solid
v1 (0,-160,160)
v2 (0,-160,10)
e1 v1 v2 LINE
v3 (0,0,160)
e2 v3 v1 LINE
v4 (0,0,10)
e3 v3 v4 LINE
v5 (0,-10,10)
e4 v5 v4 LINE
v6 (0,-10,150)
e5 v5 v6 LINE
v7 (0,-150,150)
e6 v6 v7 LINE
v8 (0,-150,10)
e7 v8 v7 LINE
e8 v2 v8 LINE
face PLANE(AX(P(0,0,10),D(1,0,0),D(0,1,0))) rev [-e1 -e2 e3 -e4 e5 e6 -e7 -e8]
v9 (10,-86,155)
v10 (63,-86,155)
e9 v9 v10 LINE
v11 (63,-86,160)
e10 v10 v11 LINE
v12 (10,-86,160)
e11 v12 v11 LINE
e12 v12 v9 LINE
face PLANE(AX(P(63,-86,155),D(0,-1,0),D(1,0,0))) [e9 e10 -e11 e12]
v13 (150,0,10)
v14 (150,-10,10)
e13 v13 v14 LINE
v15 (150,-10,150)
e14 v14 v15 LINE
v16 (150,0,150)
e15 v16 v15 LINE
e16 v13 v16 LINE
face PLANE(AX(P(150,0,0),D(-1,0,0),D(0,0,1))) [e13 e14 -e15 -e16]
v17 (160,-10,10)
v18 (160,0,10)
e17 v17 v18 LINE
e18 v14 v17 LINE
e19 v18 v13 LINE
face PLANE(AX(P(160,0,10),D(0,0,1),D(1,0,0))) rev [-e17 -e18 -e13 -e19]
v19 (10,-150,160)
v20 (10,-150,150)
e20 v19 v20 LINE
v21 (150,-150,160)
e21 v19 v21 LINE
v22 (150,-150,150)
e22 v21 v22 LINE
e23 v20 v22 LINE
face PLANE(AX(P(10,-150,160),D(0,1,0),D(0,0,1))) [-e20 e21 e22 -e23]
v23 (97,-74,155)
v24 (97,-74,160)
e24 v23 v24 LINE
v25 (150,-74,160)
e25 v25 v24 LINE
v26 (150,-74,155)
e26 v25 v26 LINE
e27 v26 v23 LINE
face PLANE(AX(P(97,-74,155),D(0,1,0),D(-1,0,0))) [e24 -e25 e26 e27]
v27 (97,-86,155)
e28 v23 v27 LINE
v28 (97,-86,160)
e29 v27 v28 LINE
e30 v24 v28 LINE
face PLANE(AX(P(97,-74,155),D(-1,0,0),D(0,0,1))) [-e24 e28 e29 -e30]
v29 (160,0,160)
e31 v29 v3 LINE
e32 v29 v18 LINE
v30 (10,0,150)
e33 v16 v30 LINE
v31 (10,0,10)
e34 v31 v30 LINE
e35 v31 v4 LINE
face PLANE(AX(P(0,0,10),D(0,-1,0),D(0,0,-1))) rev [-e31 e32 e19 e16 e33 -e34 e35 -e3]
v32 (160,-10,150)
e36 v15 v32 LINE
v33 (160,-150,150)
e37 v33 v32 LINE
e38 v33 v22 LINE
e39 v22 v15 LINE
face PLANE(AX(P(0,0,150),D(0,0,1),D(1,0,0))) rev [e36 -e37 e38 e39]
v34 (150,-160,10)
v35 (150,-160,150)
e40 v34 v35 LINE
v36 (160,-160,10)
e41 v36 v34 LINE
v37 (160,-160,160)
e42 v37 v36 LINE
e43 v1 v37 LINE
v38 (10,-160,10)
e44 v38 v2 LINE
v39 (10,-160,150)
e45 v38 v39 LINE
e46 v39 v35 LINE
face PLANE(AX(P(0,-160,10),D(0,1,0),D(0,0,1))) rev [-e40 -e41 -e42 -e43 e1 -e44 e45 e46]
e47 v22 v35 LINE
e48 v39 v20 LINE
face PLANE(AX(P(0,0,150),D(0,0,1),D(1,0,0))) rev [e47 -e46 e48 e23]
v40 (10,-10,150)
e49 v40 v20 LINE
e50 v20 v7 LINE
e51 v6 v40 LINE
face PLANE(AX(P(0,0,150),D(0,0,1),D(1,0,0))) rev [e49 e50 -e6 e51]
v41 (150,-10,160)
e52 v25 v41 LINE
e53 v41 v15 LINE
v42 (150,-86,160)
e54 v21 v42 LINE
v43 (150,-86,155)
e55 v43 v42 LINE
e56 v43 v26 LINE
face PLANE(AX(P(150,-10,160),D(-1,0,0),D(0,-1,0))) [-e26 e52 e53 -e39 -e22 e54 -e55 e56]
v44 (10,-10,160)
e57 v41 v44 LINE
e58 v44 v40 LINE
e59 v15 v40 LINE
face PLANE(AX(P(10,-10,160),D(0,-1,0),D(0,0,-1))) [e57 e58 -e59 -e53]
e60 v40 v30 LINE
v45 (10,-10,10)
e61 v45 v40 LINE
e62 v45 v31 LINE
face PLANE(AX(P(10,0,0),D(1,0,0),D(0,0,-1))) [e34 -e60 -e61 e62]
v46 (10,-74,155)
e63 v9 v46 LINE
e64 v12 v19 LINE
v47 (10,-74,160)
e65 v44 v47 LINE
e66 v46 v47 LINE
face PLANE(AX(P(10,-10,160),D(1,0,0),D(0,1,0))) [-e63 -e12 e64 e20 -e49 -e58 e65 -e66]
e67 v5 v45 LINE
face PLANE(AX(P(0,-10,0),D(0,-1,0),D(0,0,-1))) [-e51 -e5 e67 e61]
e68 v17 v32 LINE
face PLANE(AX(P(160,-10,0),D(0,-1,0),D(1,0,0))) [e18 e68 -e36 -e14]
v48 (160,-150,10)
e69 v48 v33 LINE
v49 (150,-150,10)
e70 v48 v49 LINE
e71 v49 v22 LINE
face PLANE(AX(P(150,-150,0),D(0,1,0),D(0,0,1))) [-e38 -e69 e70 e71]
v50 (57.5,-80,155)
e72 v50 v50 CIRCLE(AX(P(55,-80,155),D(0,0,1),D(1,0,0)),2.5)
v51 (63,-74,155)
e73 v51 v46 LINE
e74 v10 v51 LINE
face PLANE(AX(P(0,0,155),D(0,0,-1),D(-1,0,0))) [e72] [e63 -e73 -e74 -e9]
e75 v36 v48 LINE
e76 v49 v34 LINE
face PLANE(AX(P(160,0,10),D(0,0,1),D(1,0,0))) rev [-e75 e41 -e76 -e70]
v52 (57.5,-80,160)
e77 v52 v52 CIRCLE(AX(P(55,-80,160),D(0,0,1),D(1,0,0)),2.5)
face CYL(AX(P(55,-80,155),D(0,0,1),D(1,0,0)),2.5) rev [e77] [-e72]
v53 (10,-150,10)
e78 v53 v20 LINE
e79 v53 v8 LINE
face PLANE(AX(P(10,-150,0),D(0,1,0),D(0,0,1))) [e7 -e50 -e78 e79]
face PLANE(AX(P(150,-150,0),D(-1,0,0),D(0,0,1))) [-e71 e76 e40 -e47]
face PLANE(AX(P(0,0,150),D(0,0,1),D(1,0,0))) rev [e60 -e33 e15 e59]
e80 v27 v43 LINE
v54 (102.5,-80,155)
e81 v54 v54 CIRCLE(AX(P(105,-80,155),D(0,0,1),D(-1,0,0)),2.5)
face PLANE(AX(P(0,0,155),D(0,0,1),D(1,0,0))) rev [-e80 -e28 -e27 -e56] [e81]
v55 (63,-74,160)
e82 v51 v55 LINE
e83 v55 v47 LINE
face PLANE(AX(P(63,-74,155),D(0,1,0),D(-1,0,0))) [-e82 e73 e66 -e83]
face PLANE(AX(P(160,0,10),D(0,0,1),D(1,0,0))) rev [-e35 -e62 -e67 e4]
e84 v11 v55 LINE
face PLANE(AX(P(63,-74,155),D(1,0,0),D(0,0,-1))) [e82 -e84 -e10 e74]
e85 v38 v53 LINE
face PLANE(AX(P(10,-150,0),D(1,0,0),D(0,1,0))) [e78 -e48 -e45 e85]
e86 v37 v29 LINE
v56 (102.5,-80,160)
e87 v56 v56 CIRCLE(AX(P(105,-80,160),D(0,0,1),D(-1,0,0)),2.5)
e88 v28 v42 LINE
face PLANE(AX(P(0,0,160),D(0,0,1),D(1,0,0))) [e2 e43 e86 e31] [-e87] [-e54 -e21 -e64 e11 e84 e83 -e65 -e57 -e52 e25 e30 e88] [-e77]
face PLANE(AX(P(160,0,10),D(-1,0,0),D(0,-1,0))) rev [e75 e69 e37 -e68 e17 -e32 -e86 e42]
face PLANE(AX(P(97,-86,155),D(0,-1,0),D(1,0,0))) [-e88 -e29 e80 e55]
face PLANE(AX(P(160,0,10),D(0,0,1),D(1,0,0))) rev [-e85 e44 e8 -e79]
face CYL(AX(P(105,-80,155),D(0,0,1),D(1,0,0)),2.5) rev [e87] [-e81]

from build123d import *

# Parameters (mm, degrees)
CROQUIS2_W                   = 160
CROQUIS2_H                   = 160
CROQUIS2_W_2                 = 140
CROQUIS2_H_2                 = 140
SALIENTE_EXTRUIR1_DEPTH      = 10
CROQUIS3_W                   = 152
CROQUIS3_H                   = 152
CROQUIS3_W_2                 = 148
CROQUIS3_H_2                 = 148
CORTAR_EXTRUIR1_DEPTH        = 3.5
SALIENTE_EXTRUIR2_DEPTH      = 140
SALIENTE_EXTRUIR2_DEPTH_BACK = 10
CROQUIS4_W                   = 10
CROQUIS4_H                   = 10
CROQUIS7_W                   = 160
CROQUIS7_H                   = 160
CROQUIS7_W_2                 = 140
CROQUIS7_H_2                 = 140
SALIENTE_EXTRUIR3_DEPTH      = 10
CROQUIS8_W                   = 63
CROQUIS8_H                   = 12
CROQUIS8_R                   = 2.5
SALIENTE_EXTRUIR4_DEPTH      = 5
CROQUIS9_W                   = 10
CROQUIS9_H                   = 160
CORTAR_EXTRUIR2_DEPTH        = 278.128129211


with BuildPart() as part:
    # Croquis2 → Saliente-Extruir1 (new body)
    with BuildSketch(Plane.XY):
        with Locations((80, -80)):
            Rectangle(CROQUIS2_W, CROQUIS2_H)
        with Locations((80, -80)):
            Rectangle(CROQUIS2_W_2, CROQUIS2_H_2, mode=Mode.SUBTRACT)
    extrude(amount=SALIENTE_EXTRUIR1_DEPTH)

    # Croquis3 → Cortar-Extruir1 (cut)
    with BuildSketch(Plane.XY.offset(10)):
        with Locations((80, -80)):
            Rectangle(CROQUIS3_W, CROQUIS3_H)
        with Locations((80, -80)):
            Rectangle(CROQUIS3_W_2, CROQUIS3_H_2, mode=Mode.SUBTRACT)
    extrude(amount=-CORTAR_EXTRUIR1_DEPTH, mode=Mode.SUBTRACT)

    # Croquis4 → Saliente-Extruir2 (add, two sides: drawn at the far end of the back side and taken through both)
    with BuildSketch(Plane.XY.offset(10).offset(-SALIENTE_EXTRUIR2_DEPTH_BACK)):
        with Locations((5, -5)):
            Rectangle(CROQUIS4_W, CROQUIS4_H)
        with Locations((155, -5)):
            Rectangle(CROQUIS4_W, CROQUIS4_H)
        with Locations((155, -155)):
            Rectangle(CROQUIS4_W, CROQUIS4_H)
        with Locations((5, -155)):
            Rectangle(CROQUIS4_W, CROQUIS4_H)
    extrude(amount=SALIENTE_EXTRUIR2_DEPTH + SALIENTE_EXTRUIR2_DEPTH_BACK)

    # Croquis7 → Saliente-Extruir3 (add)
    with BuildSketch(Plane.XY.offset(150)):
        with Locations((80, -80)):
            Rectangle(CROQUIS7_W, CROQUIS7_H)
        with Locations((80, -80)):
            Rectangle(CROQUIS7_W_2, CROQUIS7_H_2, mode=Mode.SUBTRACT)
    extrude(amount=SALIENTE_EXTRUIR3_DEPTH)

    # Croquis8 → Saliente-Extruir4 (add)
    # profile 1 of 2: a face of its own
    with BuildSketch(Plane.XY.offset(160)):
        with Locations((31.5, -80)):
            Rectangle(CROQUIS8_W, CROQUIS8_H)
        with Locations((55, -80)):
            Circle(CROQUIS8_R, mode=Mode.SUBTRACT)
    # profile 2 of 2: a face of its own
    with BuildSketch(Plane.XY.offset(160)):
        with Locations((128.5, -80)):
            Rectangle(CROQUIS8_W, CROQUIS8_H)
        with Locations((105, -80)):
            Circle(CROQUIS8_R, mode=Mode.SUBTRACT)
    extrude(amount=-SALIENTE_EXTRUIR4_DEPTH)

    # Croquis9 → Cortar-Extruir2 (cut, through all)
    with BuildSketch(Plane.ZY):
        with Locations((5, -80)):
            Rectangle(CROQUIS9_W, CROQUIS9_H)
    extrude(amount=-CORTAR_EXTRUIR2_DEPTH, mode=Mode.SUBTRACT)


solid = part.part
